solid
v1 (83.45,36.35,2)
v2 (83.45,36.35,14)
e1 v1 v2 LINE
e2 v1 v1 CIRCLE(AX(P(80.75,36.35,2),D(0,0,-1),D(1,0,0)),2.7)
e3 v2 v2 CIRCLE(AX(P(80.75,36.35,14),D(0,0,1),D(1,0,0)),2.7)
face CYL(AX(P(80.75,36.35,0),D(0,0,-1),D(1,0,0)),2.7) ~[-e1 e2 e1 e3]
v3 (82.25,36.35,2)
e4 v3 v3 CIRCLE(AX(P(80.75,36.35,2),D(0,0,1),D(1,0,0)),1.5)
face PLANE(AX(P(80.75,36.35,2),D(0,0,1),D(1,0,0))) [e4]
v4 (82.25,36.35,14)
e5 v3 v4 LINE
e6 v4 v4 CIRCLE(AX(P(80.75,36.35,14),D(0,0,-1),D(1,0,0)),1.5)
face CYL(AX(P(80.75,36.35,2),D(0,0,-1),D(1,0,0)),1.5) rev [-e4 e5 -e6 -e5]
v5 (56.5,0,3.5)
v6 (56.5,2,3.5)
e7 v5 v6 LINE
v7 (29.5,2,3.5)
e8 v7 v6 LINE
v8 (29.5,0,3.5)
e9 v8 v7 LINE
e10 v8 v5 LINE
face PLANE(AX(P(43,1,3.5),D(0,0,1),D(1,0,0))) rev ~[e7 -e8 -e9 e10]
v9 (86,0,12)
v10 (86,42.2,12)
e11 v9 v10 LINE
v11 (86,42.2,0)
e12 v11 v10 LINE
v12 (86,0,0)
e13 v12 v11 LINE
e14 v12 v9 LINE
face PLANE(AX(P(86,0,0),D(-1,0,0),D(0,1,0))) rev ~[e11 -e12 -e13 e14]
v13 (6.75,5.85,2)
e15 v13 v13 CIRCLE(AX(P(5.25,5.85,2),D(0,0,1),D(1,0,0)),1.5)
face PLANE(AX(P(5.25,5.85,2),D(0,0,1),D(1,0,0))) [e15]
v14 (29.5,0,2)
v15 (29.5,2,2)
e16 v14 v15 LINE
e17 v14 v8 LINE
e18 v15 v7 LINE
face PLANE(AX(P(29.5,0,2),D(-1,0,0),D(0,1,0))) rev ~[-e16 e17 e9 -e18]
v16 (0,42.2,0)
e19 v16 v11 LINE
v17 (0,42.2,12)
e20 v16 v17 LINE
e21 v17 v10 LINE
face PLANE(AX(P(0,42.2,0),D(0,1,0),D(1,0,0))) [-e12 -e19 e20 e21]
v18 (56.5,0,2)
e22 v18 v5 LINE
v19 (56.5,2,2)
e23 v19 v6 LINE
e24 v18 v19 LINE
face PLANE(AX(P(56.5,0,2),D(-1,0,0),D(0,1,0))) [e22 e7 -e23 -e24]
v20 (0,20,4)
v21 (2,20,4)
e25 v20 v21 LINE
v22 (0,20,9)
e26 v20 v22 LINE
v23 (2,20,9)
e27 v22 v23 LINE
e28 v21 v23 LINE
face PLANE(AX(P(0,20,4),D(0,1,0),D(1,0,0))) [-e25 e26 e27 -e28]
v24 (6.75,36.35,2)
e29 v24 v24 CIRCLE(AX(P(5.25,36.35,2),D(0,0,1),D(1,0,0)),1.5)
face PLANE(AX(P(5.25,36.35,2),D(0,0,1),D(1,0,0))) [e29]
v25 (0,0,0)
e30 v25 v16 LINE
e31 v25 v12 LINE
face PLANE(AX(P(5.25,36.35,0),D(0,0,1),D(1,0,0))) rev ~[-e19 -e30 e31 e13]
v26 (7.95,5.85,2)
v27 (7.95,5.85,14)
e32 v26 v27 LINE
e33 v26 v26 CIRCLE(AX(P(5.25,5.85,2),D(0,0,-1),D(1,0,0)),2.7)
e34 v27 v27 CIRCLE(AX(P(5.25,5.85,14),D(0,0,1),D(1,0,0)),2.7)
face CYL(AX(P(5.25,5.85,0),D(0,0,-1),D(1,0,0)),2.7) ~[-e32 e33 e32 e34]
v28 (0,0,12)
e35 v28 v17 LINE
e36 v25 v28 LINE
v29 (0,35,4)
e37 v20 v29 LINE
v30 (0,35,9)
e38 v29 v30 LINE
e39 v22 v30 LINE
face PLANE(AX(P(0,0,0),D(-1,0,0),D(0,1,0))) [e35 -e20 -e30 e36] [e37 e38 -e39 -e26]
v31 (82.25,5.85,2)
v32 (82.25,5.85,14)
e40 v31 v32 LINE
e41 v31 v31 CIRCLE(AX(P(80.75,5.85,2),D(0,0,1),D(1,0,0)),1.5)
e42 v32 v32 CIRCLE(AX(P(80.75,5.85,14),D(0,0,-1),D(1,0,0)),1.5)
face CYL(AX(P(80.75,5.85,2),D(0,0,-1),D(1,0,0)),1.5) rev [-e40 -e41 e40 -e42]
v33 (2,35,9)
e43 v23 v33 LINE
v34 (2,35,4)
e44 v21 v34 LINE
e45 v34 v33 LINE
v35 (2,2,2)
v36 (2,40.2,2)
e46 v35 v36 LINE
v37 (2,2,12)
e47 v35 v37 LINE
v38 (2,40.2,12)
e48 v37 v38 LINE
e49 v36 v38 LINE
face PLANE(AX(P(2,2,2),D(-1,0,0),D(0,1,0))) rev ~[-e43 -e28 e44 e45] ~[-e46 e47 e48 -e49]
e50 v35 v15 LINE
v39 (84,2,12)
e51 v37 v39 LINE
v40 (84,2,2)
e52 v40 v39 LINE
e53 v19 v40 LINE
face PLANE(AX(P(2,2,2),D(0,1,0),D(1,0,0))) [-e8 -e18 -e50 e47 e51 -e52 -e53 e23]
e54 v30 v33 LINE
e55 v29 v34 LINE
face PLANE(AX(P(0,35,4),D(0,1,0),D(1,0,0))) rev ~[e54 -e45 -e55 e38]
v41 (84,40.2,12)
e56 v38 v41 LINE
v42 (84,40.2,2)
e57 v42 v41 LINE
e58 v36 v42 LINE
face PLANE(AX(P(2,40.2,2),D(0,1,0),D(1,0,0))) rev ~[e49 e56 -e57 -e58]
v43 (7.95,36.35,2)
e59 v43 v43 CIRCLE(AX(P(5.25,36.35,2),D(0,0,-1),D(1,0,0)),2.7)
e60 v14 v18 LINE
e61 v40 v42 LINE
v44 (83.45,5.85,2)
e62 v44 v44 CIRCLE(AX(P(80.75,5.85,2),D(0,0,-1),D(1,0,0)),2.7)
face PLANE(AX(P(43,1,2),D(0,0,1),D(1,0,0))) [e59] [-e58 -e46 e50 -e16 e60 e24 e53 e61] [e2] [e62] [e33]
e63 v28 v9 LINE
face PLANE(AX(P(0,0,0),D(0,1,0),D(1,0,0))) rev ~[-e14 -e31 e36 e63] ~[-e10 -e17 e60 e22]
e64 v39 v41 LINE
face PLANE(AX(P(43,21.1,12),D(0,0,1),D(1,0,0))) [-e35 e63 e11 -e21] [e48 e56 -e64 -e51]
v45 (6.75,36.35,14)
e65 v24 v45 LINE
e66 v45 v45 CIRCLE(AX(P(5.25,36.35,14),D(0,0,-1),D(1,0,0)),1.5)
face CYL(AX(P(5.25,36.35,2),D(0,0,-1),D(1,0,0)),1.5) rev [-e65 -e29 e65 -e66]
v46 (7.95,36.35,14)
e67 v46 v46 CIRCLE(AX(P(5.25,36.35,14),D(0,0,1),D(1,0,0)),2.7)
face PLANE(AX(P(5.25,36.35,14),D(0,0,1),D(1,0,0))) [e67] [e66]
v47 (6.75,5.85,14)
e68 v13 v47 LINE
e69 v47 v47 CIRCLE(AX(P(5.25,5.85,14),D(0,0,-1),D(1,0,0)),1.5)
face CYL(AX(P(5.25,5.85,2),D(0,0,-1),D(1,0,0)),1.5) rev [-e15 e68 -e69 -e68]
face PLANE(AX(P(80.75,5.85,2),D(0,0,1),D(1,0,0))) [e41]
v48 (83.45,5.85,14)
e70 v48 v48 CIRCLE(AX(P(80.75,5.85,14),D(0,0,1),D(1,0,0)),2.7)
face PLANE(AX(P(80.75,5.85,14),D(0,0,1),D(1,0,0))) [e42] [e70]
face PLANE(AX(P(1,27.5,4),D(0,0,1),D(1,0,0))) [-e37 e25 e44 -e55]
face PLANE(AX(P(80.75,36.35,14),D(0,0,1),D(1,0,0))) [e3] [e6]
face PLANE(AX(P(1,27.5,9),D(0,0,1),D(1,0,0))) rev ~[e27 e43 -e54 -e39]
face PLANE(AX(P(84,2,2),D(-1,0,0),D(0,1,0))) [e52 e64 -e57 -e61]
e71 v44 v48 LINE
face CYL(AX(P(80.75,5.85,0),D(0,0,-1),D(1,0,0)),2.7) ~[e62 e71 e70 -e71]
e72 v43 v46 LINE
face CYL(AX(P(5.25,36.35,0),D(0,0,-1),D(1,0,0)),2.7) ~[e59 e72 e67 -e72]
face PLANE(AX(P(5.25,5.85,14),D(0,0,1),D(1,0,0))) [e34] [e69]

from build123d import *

# Parameters (mm, degrees)
BOX006_W        = 86
BOX006_H        = 42.2
BOX006_DEPTH    = 12
BOX007_W        = 82
BOX007_H        = 38.2
BOX007_DEPTH    = 10
SKETCH020_R     = 2.7
PAD016_DEPTH    = 14
SKETCH021_R     = 1.5
POCKET003_DEPTH = 14
BOX008_W        = 2
BOX008_H        = 15
BOX008_DEPTH    = 5
BOX009_W        = 27
BOX009_H        = 2
BOX009_DEPTH    = 1.5


with BuildPart() as part:
    # Box006 → Box006 (join)
    with BuildSketch(Plane.XY):
        with Locations((43, 21.1)):
            Rectangle(BOX006_W, BOX006_H)
    extrude(amount=BOX006_DEPTH)

    # Box007 → Box007 (cut)
    with BuildSketch(Plane(origin=(2, 2, 2), x_dir=(1, 0, 0), z_dir=(0, 0, 1))):
        with Locations((41, 19.1)):
            Rectangle(BOX007_W, BOX007_H)
    extrude(amount=BOX007_DEPTH, mode=Mode.SUBTRACT)

    # Sketch020 → Pad016 (join)
    with BuildSketch(Plane.XY):
        with Locations((5.25, 36.35)):
            Circle(SKETCH020_R)
        with Locations((80.75, 36.35)):
            Circle(SKETCH020_R)
        with Locations((80.75, 5.85)):
            Circle(SKETCH020_R)
        with Locations((5.25, 5.85)):
            Circle(SKETCH020_R)
    extrude(amount=PAD016_DEPTH)

    # Sketch021 → Pocket003 (cut)
    with BuildSketch(Plane.XY.offset(2)):
        with Locations((5.25, 36.35)):
            Circle(SKETCH021_R)
        with Locations((80.75, 36.35)):
            Circle(SKETCH021_R)
        with Locations((80.75, 5.85)):
            Circle(SKETCH021_R)
        with Locations((5.25, 5.85)):
            Circle(SKETCH021_R)
    extrude(amount=POCKET003_DEPTH, mode=Mode.SUBTRACT)

    # Box008 → Box008 (cut)
    with BuildSketch(Plane(origin=(0, 20, 4), x_dir=(1, 0, 0), z_dir=(0, 0, 1))):
        with Locations((1, 7.5)):
            Rectangle(BOX008_W, BOX008_H)
    extrude(amount=BOX008_DEPTH, mode=Mode.SUBTRACT)

    # Box009 → Box009 (cut)
    with BuildSketch(Plane(origin=(29.5, 0, 2), x_dir=(1, 0, 0), z_dir=(0, 0, 1))):
        with Locations((13.5, 1)):
            Rectangle(BOX009_W, BOX009_H)
    extrude(amount=BOX009_DEPTH, mode=Mode.SUBTRACT)


solid = part.part
